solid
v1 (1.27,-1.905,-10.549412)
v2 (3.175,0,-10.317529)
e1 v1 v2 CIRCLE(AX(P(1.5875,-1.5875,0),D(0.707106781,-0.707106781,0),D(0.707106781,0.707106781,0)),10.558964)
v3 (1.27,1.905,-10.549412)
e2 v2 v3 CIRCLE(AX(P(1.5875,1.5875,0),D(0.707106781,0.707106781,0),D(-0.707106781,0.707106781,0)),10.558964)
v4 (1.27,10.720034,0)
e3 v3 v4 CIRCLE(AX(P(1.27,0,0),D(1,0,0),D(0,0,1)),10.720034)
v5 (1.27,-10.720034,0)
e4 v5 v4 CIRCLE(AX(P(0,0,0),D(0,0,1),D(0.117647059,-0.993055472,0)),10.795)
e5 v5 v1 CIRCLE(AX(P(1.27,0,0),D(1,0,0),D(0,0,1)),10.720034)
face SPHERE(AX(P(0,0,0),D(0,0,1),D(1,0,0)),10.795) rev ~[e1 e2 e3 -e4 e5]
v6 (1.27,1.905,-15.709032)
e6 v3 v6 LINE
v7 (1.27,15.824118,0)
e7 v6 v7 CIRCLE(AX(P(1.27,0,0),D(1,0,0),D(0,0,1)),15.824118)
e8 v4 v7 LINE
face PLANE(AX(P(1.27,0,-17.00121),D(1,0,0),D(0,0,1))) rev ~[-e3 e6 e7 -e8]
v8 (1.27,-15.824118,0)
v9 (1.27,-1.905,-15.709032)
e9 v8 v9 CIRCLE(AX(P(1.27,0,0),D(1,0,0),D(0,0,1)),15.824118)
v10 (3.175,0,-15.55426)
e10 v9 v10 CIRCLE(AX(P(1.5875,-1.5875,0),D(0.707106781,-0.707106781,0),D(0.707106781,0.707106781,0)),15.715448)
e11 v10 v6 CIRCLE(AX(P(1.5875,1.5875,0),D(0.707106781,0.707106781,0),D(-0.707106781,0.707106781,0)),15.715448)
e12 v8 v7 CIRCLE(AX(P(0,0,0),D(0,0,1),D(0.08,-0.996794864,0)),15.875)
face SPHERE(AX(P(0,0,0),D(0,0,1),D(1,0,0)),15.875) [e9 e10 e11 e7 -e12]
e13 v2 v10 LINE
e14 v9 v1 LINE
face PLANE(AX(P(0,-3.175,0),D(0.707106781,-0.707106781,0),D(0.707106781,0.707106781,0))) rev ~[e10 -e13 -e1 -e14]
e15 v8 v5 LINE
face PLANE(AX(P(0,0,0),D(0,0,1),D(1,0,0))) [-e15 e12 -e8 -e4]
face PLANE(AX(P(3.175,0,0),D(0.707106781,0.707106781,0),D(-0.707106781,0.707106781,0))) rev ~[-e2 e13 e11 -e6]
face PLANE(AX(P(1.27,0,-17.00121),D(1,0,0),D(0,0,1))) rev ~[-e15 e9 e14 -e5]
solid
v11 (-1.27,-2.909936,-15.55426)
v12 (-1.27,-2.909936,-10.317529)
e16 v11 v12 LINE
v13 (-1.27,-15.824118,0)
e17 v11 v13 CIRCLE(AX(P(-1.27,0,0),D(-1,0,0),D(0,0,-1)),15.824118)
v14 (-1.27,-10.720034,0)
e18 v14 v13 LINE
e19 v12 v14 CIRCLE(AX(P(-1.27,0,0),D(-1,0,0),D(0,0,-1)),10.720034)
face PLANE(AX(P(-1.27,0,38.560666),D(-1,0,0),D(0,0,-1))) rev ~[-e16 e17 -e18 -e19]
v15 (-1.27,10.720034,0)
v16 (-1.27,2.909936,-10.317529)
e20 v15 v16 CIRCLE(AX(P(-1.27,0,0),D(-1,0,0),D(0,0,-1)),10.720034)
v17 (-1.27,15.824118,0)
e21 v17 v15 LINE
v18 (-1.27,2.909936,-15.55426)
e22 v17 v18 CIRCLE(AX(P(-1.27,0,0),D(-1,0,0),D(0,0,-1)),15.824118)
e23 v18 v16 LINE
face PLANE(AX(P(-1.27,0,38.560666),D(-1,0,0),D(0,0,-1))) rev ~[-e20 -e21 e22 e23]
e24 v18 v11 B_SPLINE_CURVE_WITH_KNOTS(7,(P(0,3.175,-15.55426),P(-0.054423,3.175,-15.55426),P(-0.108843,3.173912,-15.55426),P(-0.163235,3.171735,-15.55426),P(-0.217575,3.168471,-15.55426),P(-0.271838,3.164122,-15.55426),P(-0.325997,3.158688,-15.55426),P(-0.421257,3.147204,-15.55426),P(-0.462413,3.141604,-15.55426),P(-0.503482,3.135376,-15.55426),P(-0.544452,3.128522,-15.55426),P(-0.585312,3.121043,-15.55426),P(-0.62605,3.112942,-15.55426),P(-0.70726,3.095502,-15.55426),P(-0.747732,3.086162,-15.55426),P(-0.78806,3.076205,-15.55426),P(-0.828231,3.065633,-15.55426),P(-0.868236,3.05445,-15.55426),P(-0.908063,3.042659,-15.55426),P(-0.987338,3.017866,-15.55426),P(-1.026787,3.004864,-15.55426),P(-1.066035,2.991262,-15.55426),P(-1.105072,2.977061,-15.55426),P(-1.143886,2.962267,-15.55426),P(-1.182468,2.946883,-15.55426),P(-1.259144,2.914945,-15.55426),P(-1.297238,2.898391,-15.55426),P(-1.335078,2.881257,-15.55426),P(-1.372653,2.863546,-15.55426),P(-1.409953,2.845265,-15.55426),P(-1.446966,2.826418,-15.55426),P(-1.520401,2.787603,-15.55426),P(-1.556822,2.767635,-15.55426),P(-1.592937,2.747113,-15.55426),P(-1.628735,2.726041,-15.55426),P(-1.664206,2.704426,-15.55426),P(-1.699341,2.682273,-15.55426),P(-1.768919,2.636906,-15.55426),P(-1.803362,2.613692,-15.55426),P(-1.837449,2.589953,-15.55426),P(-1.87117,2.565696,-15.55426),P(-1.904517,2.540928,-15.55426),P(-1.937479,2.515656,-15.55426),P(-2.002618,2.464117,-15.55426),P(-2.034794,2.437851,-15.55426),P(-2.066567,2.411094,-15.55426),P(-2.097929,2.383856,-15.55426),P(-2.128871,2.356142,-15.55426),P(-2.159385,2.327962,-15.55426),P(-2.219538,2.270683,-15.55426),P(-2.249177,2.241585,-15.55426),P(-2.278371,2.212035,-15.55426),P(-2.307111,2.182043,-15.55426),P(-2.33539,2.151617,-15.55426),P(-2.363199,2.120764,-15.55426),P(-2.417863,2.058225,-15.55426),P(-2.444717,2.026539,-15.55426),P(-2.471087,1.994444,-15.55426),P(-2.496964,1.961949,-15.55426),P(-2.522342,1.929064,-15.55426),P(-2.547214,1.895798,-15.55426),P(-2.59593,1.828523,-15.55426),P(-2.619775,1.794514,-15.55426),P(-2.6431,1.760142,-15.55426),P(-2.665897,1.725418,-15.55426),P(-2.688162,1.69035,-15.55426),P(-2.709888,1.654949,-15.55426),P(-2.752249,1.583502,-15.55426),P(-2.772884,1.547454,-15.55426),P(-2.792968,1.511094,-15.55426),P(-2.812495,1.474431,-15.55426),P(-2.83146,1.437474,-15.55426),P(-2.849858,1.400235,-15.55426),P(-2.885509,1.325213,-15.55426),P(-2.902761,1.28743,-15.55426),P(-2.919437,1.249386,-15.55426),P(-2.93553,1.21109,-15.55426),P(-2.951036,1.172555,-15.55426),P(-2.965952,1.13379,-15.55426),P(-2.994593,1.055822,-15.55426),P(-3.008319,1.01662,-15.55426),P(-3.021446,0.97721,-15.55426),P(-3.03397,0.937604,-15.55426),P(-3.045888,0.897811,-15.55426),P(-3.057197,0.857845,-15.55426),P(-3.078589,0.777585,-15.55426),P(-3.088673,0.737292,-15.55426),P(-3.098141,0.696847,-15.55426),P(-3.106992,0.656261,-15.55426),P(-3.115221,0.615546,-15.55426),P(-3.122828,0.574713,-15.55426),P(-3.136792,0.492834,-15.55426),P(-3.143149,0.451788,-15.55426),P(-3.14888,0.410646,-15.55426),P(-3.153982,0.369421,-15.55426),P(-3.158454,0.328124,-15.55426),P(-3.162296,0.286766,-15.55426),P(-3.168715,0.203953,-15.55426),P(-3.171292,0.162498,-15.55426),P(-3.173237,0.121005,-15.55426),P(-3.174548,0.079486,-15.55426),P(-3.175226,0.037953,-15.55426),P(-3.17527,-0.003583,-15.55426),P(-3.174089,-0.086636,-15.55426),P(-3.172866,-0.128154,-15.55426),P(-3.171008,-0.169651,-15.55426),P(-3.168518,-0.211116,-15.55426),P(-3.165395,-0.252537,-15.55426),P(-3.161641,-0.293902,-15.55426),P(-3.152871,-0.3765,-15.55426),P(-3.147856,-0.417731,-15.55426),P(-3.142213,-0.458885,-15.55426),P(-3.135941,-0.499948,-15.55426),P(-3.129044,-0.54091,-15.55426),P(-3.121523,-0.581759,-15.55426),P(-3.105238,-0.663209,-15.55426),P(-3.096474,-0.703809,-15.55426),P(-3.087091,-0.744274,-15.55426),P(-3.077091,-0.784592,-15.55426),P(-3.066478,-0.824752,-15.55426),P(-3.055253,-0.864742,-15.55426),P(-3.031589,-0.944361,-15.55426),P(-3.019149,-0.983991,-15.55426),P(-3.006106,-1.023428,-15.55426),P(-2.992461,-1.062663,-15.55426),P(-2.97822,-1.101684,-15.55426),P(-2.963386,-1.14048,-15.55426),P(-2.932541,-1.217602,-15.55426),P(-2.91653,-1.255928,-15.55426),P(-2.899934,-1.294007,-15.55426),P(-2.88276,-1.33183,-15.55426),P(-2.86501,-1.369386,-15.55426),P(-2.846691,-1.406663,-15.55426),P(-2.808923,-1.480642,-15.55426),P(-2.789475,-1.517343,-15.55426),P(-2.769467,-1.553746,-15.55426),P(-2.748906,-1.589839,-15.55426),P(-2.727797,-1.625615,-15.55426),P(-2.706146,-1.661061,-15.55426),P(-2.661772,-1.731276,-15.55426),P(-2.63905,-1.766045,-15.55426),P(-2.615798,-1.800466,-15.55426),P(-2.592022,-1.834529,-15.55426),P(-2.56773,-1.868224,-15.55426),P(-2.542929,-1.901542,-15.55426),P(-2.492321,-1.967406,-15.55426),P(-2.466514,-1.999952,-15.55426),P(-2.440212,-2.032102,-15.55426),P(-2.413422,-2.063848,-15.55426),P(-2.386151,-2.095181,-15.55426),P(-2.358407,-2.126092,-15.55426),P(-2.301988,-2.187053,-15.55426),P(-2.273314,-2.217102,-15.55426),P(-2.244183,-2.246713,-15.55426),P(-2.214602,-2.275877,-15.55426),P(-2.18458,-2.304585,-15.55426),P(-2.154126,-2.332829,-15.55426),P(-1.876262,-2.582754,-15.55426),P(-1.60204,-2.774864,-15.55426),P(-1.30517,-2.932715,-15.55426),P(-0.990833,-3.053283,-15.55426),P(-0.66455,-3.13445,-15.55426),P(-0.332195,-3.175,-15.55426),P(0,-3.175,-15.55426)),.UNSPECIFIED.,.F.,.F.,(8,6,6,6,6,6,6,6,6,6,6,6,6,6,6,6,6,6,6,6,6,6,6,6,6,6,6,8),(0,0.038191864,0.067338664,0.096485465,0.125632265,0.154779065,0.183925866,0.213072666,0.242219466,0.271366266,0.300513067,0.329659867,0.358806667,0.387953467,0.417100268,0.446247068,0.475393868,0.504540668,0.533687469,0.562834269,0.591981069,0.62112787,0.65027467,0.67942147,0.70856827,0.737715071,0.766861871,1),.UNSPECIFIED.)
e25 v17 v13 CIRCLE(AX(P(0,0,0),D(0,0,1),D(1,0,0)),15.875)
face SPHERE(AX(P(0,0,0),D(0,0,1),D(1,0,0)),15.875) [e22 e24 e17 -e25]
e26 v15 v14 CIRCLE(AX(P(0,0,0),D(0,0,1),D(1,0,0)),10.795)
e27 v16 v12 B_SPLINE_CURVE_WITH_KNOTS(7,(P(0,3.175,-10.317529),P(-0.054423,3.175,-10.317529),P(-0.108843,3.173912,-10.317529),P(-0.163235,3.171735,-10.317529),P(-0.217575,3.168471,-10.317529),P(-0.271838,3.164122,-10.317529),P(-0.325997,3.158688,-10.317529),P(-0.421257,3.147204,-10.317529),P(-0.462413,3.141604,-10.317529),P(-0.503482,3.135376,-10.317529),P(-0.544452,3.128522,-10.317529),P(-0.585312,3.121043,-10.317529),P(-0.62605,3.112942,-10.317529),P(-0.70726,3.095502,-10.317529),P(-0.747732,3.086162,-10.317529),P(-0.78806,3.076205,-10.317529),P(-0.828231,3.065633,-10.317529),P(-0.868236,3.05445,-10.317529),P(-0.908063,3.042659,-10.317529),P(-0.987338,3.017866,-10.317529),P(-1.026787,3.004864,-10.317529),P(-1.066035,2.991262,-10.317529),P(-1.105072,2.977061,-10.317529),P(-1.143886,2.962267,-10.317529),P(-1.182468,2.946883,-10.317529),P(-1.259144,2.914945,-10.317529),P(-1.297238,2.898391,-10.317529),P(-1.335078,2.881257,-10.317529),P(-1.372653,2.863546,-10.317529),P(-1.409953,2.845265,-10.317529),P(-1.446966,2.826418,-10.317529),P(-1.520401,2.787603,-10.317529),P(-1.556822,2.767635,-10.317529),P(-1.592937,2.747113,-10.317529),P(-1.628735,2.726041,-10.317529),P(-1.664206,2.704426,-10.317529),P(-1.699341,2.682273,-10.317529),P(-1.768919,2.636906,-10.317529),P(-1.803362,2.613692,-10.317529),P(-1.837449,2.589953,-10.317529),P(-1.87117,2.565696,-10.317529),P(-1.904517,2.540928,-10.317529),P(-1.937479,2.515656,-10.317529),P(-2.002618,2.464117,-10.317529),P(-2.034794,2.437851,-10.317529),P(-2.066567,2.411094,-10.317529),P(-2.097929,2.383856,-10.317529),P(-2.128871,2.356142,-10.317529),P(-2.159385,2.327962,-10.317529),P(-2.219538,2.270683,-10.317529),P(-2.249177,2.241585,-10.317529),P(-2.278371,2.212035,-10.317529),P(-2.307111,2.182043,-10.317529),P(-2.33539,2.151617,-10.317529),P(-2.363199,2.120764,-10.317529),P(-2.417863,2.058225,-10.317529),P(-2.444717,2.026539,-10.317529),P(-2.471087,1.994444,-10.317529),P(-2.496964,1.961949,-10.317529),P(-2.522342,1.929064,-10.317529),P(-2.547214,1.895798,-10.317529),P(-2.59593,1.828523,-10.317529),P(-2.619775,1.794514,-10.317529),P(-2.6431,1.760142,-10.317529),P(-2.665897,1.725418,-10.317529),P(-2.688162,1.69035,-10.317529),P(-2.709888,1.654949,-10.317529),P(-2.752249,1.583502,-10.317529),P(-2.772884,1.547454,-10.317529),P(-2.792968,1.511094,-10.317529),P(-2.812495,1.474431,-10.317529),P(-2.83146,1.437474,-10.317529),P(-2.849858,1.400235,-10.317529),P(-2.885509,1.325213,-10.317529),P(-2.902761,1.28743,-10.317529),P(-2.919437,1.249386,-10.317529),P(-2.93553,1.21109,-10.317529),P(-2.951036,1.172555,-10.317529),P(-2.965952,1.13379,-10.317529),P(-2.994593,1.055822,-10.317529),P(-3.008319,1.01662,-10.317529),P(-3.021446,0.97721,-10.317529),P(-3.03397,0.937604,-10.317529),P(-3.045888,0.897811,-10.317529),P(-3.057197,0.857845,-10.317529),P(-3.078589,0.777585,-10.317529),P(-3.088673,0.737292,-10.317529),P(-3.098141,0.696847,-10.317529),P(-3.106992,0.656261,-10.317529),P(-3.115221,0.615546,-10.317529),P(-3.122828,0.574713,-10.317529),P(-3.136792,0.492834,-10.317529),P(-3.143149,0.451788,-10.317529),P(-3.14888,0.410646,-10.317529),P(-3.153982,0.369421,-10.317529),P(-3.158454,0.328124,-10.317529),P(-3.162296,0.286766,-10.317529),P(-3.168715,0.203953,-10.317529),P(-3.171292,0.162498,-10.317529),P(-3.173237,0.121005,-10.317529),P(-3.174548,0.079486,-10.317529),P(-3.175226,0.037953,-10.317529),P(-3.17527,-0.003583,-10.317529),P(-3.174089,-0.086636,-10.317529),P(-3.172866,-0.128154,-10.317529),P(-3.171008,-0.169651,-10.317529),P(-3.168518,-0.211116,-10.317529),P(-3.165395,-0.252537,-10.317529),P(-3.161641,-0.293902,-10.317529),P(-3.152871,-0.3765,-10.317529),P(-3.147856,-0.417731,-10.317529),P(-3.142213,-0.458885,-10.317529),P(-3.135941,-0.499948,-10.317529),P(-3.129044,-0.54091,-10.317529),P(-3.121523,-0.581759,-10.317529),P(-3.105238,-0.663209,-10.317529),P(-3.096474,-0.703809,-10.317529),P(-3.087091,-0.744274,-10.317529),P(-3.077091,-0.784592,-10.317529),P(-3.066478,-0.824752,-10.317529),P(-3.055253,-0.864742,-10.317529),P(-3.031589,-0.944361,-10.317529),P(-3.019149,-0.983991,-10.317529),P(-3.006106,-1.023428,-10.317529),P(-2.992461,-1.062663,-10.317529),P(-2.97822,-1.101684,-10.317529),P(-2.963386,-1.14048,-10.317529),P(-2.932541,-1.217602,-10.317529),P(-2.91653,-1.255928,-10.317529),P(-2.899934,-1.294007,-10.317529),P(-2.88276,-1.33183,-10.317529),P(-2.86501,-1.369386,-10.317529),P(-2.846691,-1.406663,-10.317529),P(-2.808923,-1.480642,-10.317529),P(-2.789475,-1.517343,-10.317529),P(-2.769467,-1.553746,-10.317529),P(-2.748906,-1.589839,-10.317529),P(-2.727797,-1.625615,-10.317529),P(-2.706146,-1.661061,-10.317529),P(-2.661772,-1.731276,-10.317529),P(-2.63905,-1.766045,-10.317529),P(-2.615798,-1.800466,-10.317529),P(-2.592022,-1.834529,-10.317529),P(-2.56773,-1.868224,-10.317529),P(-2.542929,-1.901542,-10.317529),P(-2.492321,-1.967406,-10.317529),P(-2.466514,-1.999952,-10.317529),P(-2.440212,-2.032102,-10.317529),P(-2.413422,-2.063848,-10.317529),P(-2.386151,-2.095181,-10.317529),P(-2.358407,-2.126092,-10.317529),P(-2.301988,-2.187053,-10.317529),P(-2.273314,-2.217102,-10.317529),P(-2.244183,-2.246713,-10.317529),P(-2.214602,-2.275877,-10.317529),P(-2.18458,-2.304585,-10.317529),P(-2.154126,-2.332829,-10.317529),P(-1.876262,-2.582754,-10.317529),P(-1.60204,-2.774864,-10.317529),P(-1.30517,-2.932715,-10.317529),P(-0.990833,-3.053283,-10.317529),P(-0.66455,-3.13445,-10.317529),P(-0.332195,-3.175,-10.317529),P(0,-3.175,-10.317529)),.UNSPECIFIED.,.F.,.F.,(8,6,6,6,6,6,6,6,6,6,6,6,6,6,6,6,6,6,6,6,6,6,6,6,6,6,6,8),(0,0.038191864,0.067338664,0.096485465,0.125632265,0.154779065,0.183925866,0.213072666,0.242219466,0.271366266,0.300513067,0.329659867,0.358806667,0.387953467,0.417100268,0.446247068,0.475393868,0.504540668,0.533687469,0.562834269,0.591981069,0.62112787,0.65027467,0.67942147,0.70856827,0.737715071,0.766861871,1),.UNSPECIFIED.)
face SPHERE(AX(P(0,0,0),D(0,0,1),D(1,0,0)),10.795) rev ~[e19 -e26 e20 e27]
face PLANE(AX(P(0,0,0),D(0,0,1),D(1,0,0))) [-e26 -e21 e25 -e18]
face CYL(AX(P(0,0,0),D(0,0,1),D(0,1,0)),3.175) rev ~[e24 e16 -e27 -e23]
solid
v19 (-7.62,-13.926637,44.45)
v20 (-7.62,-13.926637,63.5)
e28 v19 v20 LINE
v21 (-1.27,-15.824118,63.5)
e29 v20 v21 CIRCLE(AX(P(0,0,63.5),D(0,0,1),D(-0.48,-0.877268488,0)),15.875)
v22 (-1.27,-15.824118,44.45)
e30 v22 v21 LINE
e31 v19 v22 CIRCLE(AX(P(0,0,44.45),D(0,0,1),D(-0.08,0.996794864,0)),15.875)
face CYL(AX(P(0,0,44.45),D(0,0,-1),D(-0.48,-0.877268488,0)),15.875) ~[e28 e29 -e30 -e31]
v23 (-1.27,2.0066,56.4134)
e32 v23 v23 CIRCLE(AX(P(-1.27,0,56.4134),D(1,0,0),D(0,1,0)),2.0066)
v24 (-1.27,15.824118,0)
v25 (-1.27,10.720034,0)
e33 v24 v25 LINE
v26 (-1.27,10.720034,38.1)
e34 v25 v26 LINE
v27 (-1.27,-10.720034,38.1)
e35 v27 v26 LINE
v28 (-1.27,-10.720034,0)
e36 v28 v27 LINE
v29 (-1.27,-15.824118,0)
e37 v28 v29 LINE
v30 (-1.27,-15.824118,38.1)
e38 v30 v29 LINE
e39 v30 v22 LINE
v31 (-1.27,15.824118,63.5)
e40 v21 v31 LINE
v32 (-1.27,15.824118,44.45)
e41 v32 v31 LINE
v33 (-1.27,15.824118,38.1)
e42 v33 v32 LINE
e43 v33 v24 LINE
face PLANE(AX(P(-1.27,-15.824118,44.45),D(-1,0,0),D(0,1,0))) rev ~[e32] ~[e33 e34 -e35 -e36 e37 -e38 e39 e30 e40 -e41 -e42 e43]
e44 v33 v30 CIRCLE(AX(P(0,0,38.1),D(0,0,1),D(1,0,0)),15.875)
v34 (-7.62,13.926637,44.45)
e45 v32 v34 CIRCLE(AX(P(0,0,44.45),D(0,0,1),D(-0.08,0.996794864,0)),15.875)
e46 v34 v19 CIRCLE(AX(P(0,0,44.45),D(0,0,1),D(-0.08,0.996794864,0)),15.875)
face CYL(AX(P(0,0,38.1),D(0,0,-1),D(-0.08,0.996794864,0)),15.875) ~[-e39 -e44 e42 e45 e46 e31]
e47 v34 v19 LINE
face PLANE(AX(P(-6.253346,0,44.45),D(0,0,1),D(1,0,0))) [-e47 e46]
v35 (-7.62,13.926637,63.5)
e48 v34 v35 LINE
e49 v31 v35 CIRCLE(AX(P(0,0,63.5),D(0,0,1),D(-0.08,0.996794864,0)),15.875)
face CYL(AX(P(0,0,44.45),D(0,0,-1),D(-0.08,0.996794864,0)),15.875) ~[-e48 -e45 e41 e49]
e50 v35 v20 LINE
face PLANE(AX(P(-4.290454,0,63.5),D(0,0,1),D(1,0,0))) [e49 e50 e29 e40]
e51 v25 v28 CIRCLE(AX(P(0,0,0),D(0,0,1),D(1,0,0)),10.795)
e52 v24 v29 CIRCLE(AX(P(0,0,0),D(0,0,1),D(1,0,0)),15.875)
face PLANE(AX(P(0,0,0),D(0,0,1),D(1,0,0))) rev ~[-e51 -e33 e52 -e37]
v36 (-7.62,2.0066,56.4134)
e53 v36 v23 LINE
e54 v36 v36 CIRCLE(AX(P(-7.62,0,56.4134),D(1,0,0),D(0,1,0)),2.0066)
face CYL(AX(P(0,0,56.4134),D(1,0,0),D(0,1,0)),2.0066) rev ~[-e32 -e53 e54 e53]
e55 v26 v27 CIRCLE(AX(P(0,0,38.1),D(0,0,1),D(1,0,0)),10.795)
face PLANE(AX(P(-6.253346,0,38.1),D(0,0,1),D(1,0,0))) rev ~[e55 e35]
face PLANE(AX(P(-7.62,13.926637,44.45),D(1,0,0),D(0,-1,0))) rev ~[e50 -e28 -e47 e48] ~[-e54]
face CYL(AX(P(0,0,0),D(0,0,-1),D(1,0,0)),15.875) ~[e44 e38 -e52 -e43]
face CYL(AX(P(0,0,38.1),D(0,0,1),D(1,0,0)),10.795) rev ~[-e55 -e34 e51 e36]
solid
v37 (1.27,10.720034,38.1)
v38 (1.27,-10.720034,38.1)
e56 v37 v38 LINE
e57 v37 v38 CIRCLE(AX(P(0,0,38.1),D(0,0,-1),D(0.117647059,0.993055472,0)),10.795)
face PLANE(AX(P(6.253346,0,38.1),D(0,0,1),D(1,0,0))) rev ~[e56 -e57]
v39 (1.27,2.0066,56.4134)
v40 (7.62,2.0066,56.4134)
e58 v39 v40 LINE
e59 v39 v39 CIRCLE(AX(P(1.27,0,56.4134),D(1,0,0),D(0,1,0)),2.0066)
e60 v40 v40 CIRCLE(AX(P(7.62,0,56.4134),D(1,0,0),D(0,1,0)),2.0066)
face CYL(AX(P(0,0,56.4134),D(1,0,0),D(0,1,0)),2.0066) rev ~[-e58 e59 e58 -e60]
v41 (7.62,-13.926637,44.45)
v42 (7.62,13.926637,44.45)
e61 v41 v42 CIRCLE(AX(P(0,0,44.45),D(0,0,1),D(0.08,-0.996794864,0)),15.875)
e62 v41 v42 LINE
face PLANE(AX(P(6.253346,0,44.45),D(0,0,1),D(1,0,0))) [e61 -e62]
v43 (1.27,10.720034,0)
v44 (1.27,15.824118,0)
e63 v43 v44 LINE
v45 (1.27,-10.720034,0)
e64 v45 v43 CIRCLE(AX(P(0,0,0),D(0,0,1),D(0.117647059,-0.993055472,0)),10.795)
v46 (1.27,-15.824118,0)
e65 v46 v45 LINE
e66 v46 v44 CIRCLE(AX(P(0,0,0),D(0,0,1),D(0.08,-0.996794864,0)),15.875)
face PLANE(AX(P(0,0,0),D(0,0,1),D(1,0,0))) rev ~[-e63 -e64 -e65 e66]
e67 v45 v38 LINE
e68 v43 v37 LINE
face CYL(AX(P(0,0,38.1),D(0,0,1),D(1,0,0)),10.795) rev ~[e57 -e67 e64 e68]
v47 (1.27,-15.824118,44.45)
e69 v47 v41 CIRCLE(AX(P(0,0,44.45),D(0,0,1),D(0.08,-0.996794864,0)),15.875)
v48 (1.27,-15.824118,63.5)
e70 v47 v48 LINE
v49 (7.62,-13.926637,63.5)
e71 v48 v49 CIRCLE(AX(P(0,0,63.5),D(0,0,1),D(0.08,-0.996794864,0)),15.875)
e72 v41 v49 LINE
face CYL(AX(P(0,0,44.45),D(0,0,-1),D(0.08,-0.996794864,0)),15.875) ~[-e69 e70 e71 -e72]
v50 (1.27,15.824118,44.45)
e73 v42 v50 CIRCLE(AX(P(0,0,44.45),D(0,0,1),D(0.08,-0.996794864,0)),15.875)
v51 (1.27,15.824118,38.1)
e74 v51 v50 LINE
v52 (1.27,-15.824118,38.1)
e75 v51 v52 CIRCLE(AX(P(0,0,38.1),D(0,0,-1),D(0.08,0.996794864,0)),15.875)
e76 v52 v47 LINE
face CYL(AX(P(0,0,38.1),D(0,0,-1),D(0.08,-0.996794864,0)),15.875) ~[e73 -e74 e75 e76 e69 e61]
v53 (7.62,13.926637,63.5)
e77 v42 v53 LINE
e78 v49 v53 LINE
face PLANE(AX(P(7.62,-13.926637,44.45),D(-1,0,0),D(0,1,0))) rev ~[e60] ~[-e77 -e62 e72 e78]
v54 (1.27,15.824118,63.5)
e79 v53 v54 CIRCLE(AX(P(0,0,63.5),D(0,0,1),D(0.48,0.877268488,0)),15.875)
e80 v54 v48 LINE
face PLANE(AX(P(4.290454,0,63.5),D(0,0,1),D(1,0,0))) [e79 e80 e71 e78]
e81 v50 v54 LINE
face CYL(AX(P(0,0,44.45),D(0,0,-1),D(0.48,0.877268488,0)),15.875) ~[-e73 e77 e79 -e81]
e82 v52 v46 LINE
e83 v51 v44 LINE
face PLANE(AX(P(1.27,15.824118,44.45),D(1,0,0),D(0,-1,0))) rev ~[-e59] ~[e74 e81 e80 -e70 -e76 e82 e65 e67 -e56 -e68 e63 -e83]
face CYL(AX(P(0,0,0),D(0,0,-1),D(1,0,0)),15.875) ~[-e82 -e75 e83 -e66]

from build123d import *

# Parameters (mm, degrees)
F0_R      = 15.875
F1_DEPTH  = 38.1
F4_T      = -5.08
F6_DEPTH  = 25.4
F7_R      = 10.795
F8_DEPTH  = 40.64
F10_DEPTH = 25.4
F12_DEPTH = 19.05
F14_DEPTH = 6.35
F16_DEPTH = 19.05
F17_R     = 2.0066
F18_DEPTH = 12.7


with BuildPart() as f1:
    # F0 (on Top) → F1 (new body)
    with BuildSketch(Plane.XY):
        Circle(F0_R)
    extrude(amount=F1_DEPTH)


with BuildPart() as f3:
    # F2 (on Front) → F3 (revolve)
    with BuildSketch(Plane.XZ):
        with BuildLine():
            Line((0, 0), (0, -15.875))
            ThreePointArc((0, -15.875), (11.2253201513, -11.2253201513), (15.875, 0))
            Line((15.875, 0), (0, 0))
        make_face()
    revolve(axis=Axis((0, 0, 8.2880207126), (0, 0, 1)))

    # F4
    f4_openings = [f3.faces().sort_by_distance(p)[0] for p in [
        (0, 0, 0),
    ]]
    offset(amount=F4_T, openings=f4_openings)

    # F5 (on Top) → F6 (cut)
    with BuildSketch(Plane.XY):
        with BuildLine():
            Line((0, -3.175), (0, 3.175))
            ThreePointArc((0, 3.175), (-3.175, 0), (0, -3.175))
        make_face()
    extrude(amount=-F6_DEPTH, mode=Mode.SUBTRACT)


with BuildPart() as f8_tool:
    # F7 (on face) → F8 (new body)
    with BuildSketch(Plane.XY.offset(38.1)):
        Circle(F7_R)
    extrude(amount=-F8_DEPTH)


with BuildPart() as f1_1:
    add(f1.part)

    # F8: cut by f8_tool
    add(f8_tool.part, mode=Mode.SUBTRACT)


with BuildPart() as f3_1:
    add(f3.part)

    # F8: cut by f8_tool
    add(f8_tool.part, mode=Mode.SUBTRACT)

    # F9 (on Top) → F10 (cut)
    with BuildSketch(Plane.XY):
        Polygon((0, 3.175), (0, 0), (0, -3.175), (3.175, 0), align=None)
    extrude(amount=-F10_DEPTH, mode=Mode.SUBTRACT)


with BuildPart() as f12_tool:
    # F11 (on Front) → F12 (new body, symmetric)
    with BuildSketch(Plane.XZ):
        Polygon((-1.27, 38.5606661439), (-1.27, 37.9755608737), (-1.27, -17.0012097806), (1.27, -17.0012097806), (1.27, 37.9755608737), (1.27, 38.5606661439), align=None)
    extrude(amount=F12_DEPTH, both=True)


with BuildPart() as f1_2:
    add(f1_1.part)

    # F12: cut by f12_tool
    add(f12_tool.part, mode=Mode.SUBTRACT)

    # F13 (on face) → F14 (join)
    with BuildSketch(Plane.XY.offset(38.1)):
        with BuildLine():
            Line((-1.27, -15.8241184589), (-1.27, 15.8241184589))
            ThreePointArc((-1.27, 15.8241184589), (-15.875, 0), (-1.27, -15.8241184589))
        make_face()
        with BuildLine():
            ThreePointArc((1.27, -15.8241184589), (15.875, 0), (1.27, 15.8241184589))
            Line((1.27, 15.8241184589), (1.27, -15.8241184589))
        make_face()
    extrude(amount=F14_DEPTH)

    # F15 (on face) → F16 (join)
    with BuildSketch(Plane.XY.offset(44.45)):
        with BuildLine():
            Line((-1.27, -15.8241184589), (-1.27, 15.8241184589))
            ThreePointArc((-1.27, 15.8241184589), (-4.5451219717, 15.2104402061), (-7.62, 13.9266372467))
            Line((-7.62, 13.9266372467), (-7.62, -13.9266372467))
            ThreePointArc((-7.62, -13.9266372467), (-4.5451219717, -15.2104402061), (-1.27, -15.8241184589))
        make_face()
        with BuildLine():
            ThreePointArc((7.62, 13.9266372467), (4.5451219717, 15.2104402061), (1.27, 15.8241184589))
            Line((1.27, 15.8241184589), (1.27, -15.8241184589))
            ThreePointArc((1.27, -15.8241184589), (4.5451219717, -15.2104402061), (7.62, -13.9266372467))
            Line((7.62, -13.9266372467), (7.62, 13.9266372467))
        make_face()
    extrude(amount=F16_DEPTH)

    # F17 (on Right) → F18 (cut, symmetric)
    with BuildSketch(Plane.YZ):
        with Locations((0, 56.4134)):
            Circle(F17_R)
    extrude(amount=F18_DEPTH, both=True, mode=Mode.SUBTRACT)


with BuildPart() as f3_2:
    add(f3_1.part)

    # F12: cut by f12_tool
    add(f12_tool.part, mode=Mode.SUBTRACT)


solid = Compound([f1_2.part, f3_2.part])
